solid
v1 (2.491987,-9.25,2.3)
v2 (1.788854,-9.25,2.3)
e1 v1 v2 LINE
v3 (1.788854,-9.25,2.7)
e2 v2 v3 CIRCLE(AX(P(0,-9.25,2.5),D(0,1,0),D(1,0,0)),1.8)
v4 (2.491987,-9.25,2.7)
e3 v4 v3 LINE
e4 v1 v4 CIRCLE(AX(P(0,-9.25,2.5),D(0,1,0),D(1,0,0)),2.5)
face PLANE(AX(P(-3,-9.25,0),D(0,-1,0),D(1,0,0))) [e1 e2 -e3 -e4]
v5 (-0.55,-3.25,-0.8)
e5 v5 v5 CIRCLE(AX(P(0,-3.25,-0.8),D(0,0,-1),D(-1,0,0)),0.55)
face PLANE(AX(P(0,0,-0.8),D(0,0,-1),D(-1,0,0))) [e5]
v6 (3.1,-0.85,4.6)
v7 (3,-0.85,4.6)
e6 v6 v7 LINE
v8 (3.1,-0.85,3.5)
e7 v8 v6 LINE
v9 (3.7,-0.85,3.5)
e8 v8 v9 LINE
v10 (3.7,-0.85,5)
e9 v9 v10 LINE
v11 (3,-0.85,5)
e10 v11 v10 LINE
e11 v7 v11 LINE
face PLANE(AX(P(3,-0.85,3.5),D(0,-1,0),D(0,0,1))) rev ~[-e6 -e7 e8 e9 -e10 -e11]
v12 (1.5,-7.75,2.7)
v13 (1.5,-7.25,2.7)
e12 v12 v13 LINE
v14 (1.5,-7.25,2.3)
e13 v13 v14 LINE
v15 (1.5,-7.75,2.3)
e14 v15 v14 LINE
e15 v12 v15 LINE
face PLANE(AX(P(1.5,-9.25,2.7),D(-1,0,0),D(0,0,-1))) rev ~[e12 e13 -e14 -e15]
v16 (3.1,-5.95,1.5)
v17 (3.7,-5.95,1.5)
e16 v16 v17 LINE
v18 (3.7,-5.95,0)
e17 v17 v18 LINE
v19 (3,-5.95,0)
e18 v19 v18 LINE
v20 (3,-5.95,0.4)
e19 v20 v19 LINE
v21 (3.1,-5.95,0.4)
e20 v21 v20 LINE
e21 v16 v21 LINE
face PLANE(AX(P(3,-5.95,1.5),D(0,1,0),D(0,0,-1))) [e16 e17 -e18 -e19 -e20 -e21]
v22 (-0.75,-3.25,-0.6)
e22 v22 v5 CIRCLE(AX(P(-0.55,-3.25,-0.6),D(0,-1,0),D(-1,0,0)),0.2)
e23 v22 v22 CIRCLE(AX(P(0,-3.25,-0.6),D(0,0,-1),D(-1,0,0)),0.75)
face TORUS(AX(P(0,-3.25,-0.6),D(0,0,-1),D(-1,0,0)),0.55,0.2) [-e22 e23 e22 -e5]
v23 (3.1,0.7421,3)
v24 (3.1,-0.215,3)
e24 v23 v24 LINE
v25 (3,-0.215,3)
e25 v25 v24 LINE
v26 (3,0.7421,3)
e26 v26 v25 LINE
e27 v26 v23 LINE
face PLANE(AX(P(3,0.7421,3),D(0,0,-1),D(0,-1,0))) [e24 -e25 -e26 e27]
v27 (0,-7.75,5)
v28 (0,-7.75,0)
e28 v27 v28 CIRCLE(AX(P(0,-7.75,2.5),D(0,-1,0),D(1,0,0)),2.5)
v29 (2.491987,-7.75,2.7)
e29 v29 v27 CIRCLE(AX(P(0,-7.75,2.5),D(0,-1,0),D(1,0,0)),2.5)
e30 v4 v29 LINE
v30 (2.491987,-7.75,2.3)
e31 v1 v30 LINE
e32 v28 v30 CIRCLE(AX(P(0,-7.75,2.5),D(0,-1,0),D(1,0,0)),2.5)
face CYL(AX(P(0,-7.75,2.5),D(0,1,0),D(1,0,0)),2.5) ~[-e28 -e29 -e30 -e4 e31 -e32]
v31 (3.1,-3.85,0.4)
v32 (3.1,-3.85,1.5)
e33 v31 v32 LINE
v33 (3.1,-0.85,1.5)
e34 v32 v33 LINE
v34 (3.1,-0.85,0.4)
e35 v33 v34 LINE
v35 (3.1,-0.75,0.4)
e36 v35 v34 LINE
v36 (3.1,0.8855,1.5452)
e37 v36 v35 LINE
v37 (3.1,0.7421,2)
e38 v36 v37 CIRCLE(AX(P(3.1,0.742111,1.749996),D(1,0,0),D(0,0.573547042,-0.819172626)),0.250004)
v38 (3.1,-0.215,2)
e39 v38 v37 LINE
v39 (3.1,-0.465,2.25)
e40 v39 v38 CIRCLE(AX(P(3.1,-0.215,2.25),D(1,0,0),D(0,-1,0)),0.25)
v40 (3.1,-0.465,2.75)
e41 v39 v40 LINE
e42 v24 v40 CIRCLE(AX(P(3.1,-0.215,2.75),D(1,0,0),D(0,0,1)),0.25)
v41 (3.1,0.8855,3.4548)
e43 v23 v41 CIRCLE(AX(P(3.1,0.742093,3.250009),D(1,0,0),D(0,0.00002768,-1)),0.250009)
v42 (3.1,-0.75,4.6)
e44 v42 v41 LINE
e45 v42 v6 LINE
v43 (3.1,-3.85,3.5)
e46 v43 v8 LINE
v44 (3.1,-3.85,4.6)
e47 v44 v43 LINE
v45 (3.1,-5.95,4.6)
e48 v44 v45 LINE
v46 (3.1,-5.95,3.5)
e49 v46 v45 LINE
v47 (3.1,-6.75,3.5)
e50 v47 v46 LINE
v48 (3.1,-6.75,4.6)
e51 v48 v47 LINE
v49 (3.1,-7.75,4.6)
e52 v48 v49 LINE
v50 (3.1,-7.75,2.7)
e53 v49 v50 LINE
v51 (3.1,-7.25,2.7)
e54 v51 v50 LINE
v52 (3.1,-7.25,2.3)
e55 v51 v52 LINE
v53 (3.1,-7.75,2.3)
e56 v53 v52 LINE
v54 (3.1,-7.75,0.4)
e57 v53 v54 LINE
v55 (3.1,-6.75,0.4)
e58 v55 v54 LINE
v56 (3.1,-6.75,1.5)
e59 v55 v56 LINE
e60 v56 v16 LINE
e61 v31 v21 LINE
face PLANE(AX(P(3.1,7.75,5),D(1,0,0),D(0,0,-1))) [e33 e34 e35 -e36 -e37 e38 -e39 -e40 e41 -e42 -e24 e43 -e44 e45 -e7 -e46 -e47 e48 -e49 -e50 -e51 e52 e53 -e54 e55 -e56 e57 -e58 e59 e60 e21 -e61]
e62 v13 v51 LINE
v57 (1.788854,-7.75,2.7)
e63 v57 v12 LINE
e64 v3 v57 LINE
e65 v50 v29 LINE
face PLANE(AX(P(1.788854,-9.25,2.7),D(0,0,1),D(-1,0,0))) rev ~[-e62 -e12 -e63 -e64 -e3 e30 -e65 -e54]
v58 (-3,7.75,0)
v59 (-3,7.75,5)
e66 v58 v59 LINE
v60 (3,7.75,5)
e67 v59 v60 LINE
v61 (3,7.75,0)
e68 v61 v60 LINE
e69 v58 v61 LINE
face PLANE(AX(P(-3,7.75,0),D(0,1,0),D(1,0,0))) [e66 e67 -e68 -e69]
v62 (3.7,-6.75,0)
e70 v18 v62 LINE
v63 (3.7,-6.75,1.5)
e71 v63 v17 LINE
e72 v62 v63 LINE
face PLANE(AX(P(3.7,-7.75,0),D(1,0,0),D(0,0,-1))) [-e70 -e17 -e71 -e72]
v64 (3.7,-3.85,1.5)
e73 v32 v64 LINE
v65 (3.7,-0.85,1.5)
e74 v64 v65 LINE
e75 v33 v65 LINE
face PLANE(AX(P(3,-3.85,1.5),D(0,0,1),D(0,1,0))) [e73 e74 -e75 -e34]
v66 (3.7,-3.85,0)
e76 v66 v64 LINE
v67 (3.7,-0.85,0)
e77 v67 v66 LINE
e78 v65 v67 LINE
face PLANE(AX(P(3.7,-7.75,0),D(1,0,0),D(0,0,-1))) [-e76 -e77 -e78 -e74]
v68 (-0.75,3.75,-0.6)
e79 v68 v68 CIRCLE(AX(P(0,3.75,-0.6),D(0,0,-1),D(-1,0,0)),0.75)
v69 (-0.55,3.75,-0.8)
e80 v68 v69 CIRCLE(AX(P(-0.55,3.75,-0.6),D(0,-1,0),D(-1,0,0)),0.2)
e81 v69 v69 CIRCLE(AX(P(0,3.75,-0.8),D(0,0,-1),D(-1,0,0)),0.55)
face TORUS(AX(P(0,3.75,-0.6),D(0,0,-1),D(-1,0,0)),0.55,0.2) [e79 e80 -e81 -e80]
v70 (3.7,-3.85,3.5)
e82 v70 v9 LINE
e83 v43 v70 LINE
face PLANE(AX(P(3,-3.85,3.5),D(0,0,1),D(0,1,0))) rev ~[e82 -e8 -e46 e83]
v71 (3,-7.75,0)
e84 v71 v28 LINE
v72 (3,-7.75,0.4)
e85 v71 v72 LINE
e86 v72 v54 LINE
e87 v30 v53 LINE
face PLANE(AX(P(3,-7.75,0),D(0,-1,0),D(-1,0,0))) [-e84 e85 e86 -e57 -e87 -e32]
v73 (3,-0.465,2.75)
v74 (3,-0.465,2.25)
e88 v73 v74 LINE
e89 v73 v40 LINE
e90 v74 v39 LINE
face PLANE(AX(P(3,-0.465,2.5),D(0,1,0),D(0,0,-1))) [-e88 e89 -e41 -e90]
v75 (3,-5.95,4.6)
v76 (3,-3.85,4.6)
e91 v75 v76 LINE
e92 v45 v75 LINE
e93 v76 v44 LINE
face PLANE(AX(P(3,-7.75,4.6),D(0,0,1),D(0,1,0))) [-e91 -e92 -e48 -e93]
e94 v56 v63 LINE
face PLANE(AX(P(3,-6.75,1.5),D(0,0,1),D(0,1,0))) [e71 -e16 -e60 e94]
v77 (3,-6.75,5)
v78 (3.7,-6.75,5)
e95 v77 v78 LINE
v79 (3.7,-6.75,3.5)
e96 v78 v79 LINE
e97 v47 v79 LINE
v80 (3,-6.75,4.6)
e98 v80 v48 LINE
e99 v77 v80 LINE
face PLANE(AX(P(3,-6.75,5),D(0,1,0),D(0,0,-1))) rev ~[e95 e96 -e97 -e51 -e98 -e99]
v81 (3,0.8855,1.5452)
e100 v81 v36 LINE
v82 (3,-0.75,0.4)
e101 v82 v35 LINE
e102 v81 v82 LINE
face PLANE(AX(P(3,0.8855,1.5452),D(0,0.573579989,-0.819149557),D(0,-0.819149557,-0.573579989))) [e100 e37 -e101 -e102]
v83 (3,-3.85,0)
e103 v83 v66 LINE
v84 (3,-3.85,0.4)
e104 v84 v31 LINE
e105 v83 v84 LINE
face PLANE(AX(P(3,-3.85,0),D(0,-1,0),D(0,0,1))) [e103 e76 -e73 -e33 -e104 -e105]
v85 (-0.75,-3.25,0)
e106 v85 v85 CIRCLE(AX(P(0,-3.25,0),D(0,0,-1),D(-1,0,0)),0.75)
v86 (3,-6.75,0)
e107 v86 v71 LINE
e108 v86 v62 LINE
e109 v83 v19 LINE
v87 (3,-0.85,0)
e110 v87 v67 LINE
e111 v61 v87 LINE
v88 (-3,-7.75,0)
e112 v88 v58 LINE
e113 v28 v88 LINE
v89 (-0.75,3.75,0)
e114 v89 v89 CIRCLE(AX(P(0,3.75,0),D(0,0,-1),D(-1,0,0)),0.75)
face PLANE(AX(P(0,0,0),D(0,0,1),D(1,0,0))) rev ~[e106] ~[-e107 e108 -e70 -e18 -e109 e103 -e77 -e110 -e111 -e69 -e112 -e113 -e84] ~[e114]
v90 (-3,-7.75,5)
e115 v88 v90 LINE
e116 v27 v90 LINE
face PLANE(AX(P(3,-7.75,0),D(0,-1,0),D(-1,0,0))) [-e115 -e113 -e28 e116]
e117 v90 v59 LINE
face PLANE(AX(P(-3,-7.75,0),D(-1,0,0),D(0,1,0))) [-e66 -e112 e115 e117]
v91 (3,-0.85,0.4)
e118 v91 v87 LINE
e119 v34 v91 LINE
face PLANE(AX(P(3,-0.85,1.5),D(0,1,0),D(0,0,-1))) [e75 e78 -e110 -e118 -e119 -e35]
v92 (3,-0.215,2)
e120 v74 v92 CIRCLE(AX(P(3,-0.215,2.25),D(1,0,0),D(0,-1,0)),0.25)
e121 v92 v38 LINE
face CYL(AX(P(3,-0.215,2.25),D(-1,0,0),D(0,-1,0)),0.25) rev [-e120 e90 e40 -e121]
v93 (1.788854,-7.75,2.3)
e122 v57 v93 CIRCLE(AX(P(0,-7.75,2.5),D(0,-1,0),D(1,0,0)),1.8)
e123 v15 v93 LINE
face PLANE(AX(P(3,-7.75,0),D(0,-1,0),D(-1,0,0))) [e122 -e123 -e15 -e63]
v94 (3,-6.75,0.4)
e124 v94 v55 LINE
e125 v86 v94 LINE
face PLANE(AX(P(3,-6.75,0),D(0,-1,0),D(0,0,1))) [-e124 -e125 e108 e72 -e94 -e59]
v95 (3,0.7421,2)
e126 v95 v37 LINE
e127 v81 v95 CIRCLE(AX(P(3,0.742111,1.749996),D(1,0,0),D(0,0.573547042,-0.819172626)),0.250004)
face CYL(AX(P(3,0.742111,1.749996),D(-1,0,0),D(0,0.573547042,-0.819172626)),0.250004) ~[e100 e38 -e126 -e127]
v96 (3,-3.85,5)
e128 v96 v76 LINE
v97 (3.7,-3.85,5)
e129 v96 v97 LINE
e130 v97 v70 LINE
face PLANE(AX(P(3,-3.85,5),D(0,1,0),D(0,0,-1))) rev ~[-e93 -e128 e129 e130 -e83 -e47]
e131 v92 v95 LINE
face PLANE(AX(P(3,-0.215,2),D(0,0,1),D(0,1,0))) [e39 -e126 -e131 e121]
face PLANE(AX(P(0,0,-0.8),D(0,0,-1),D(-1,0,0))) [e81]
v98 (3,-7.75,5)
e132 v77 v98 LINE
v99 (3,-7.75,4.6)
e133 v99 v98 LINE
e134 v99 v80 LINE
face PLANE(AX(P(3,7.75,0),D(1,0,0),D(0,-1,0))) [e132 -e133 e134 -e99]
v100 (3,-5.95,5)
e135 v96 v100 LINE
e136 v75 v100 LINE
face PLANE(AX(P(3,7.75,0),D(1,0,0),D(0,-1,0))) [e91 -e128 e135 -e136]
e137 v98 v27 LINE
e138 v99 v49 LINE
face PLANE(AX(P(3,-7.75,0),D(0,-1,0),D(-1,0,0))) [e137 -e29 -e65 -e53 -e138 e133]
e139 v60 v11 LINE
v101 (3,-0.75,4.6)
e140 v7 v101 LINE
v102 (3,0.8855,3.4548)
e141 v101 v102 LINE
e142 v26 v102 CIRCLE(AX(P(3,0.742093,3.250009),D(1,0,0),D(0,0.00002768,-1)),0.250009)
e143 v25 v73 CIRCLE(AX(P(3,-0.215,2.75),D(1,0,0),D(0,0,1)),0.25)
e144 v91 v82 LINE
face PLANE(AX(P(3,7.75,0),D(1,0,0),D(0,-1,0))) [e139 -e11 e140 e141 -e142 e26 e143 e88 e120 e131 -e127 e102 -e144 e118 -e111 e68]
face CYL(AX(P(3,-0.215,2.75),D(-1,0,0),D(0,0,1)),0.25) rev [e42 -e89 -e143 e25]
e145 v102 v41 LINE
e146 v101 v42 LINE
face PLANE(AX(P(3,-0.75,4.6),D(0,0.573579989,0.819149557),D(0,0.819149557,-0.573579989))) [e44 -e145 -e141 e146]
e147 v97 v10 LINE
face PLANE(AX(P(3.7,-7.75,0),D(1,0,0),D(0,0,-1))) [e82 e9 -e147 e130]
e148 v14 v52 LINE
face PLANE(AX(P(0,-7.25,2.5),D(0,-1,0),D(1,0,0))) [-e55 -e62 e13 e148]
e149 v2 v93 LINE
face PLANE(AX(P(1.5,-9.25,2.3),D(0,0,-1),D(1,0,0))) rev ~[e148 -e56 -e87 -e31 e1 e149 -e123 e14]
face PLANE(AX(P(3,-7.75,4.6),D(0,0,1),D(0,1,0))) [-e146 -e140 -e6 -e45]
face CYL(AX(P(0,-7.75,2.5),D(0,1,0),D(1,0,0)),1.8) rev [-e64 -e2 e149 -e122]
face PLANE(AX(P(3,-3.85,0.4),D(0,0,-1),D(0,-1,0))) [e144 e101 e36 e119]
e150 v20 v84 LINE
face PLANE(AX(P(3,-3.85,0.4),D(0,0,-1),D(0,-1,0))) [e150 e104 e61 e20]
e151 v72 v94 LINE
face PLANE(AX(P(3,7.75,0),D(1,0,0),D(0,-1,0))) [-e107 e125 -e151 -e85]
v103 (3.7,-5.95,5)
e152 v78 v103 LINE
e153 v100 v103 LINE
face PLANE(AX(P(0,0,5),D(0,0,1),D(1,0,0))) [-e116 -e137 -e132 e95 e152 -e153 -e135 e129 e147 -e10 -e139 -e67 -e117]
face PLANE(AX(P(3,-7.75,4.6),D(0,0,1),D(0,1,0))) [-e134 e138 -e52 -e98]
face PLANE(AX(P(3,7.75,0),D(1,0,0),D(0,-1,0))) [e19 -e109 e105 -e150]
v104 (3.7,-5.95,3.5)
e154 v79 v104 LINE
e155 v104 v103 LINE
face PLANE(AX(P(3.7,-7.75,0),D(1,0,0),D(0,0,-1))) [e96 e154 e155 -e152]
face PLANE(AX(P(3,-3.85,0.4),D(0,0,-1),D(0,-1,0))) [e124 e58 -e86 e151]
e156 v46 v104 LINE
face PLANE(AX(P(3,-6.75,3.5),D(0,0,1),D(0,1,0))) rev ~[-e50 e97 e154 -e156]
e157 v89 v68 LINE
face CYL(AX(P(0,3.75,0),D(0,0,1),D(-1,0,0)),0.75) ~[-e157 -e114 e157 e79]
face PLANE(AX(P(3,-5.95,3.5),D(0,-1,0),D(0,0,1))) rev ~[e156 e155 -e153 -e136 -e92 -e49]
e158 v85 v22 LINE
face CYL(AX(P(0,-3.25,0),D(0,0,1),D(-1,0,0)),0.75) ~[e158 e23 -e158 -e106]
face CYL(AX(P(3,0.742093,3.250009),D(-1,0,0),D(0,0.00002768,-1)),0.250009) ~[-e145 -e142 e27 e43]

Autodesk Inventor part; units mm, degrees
ref_plane "YZ Plane" through (0, 0, 0) normal (1, 0, 0) x (0, 1, 0)
ref_plane "XZ Plane" through (0, 0, 0) normal (0, 1, 0) x (-1, 0, 0)
ref_plane "XY Plane" through (0, 0, 0) normal (0, 0, 1) x (1, 0, 0)
sketch "Sketch1" plane through (0, 0, 0) normal (0, 0, 1) x (1, 0, 0)
  line L0 (3, -7.75) -> (-3, -7.75)
  line L1 (-3, -7.75) -> (-3, 7.75)
  line L2 (-3, 7.75) -> (3, 7.75)
  line L3 (3, 7.75) -> (3, -7.75)
  line L4 (3, -7.75) -> (-3, 7.75) construction
  line L5 (-3, -7.75) -> (3, 7.75) construction
  point P0 (0, 0)
  dimension "d0" = 6
  dimension "d1" = 15.5
extrude "Extrusion1" add sketch "Sketch1" along normal blind 5
sketch "Sketch2" plane through (-3, -7.75, 0) normal (0, -1, 0) x (1, 0, 0)
  line L0 (6, 0) -> (0, 0) projected
  line L1 (6, 0) -> (6, 5) projected
  line L2 (0, 5) -> (6, 5) projected
  line L3 (0, 0) -> (0, 5) projected
  line L4 (6, 0) -> (0, 0) projected
  line L5 (0, 0) -> (6, 5)
  circle A0 centre (3, 2.5) radius 2.5
  circle A1 centre (3, 2.5) radius 1.8
  point P0 (3, 0)
  dimension "d4" = 5
  dimension "d5" = 3.6
extrude "Extrusion2" add sketch "Sketch2" along normal blind 1.5 contours A0 L5 A1 | A0 L5 A1
sketch "Sketch3" plane through (0, 0, 0) normal (0, 0, -1) x (-1, 0, 0)
  line L0 (-3, -7.75) -> (0, -7.75) projected
  line L1 (0, -7.75) -> (3, -7.75) projected
  line L2 (3, -7.75) -> (3, 7.75) projected
  line L3 (3, 7.75) -> (-3, 7.75) projected
  line L4 (-3, 7.75) -> (-3, -7.75) projected
  circle A0 centre (0, -3.25) radius 0.75
  circle A1 centre (0, 3.75) radius 0.75
  point P0 (0, 0)
  dimension "d8" = 1.5
  dimension "d9" = 1.5
  dimension "d10" = 4.5
  dimension "d11" = 7
extrude "Extrusion3" add sketch "Sketch3" along normal blind 0.8 contours A0 | A1
fillet "Fillet1" radius 0.2 2 edges at (0.75, -3.25, -0.8) (0.75, 3.75, -0.8)
sketch "Sketch4" plane through (3, -7.75, 0) normal (1, 0, 0) x (0, 0, -1)
  line L0 (0, 15.5) -> (0, 0) projected
  line L1 (0, 15.5) -> (-5, 15.5) projected
  line L2 (-5, 0) -> (-5, 15.5) projected
  line L3 (0, 0) -> (-5, 0) projected
  line L4 (-5, 15.5) -> (-5, 0) projected
  line L5 (-5, 1) -> (-3.5, 1)
  line L6 (-3.5, 1) -> (-3.5, 1.8)
  line L7 (-3.5, 1.8) -> (-5, 1.8)
  line L8 (-5, 1.8) -> (-5, 1)
  line L9 (0, 1) -> (-1.5, 1)
  line L10 (-1.5, 1) -> (-1.5, 1.8)
  line L11 (-1.5, 1.8) -> (0, 1.8)
  line L12 (0, 1.8) -> (0, 1)
  line L13 (-5, 3.9) -> (-3.5, 3.9)
  line L14 (-3.5, 3.9) -> (-3.5, 6.9)
  line L15 (-3.5, 6.9) -> (-5, 6.9)
  line L16 (-5, 6.9) -> (-5, 3.9)
  line L17 (0, 3.9) -> (-1.5, 3.9)
  line L18 (-1.5, 3.9) -> (-1.5, 6.9)
  line L19 (-1.5, 6.9) -> (0, 6.9)
  line L20 (0, 6.9) -> (0, 3.9)
  point P0 (0, 7.75)
  dimension "d15" = 1
  dimension "d16" = 0.8
  dimension "d17" = 1.5
  dimension "d18" = 1.5
  dimension "d19" = 1.5
  dimension "d20" = 1.5
  dimension "d21" = 3.9
  dimension "d22" = 3
extrude "Extrusion4" add sketch "Sketch4" along normal blind 0.7 contours L0 L17 L18 L19 | L15 L14 L13 L2 | L0 L9 L10 L11 | L7 L6 L5 L2
sketch "Sketch5" plane through (3, 7.75, 5) normal (1, 0, 0) x (0, 0, -1)
  line L0 (3.5, -8.6) -> (5, -8.6) projected
  line L1 (5, 0) -> (5, -8.6) projected
  line L2 (5, 0) -> (0, 0) projected
  line L3 (0, -8.6) -> (0, 0) projected
  line L4 (0, -8.6) -> (1.5, -8.6) projected
  line L5 (1.5, -8.6) -> (1.5, -11.6) projected
  line L6 (1.5, -11.6) -> (0, -11.6) projected
  line L7 (0, -13.7) -> (0, -11.6) projected
  line L8 (0, -13.7) -> (1.5, -13.7) projected
  line L9 (1.5, -13.7) -> (1.5, -14.5) projected
  line L10 (1.5, -14.5) -> (0, -14.5) projected
  line L11 (0, -15.5) -> (0, -14.5) projected
  line L12 (5, -15.5) -> (0, -15.5) projected
  line L13 (5, -14.5) -> (5, -15.5) projected
  line L14 (5, -14.5) -> (3.5, -14.5) projected
  line L15 (3.5, -14.5) -> (3.5, -13.7) projected
  line L16 (3.5, -13.7) -> (5, -13.7) projected
  line L17 (5, -11.6) -> (5, -13.7) projected
  line L18 (5, -11.6) -> (3.5, -11.6) projected
  line L19 (3.5, -11.6) -> (3.5, -8.6) projected
  line L20 (0.4, -15.5) -> (0.4, -8.5)
  line L21 (0, -8.6) -> (1.5, -8.6) projected
  line L22 (0.4, -8.5) -> (1.5452, -6.8645)
  line L23 (2, -7.0079) -> (2, -7.965)
  line L24 (2.25, -8.215) -> (2.75, -8.215)
  line L25 (3, -7.965) -> (3, -7.0079)
  line L26 (3.4548, -6.8645) -> (4.6, -8.5)
  line L27 (4.6, -8.5) -> (4.6, -15.5)
  line L28 (5, -15.5) -> (0, -15.5) projected
  line L29 (2.5, -15.5) -> (2.5, 0)
  line L30 (5, 0) -> (0, 0) projected
  arc A0 (3.4548, -6.8645) -> (3, -7.0079) centre (3.25, -7.0079) ccw
  arc A1 (2, -7.0079) -> (1.5452, -6.8645) centre (1.75, -7.0079) ccw
  arc A2 (2, -7.965) -> (2.25, -8.215) centre (2.25, -7.965) ccw
  arc A3 (2.75, -8.215) -> (3, -7.965) centre (2.75, -7.965) ccw
  point P0 (5, -7.75)
  point P1 (2, -8.215)
  point P2 (3, -8.215)
  point P3 (3, -6.215)
  point P4 (2.5, -8.215)
  dimension "d25" = 0.4
  dimension "d26" = 0.4
  dimension "d27" = 145
  dimension "d28" = 145
  dimension "d29" = 1
  dimension "d30" = 7
  dimension "d31" = 7
  dimension "d32" = 2
  dimension "d33" = 0.25
extrude "Extrusion5" add sketch "Sketch5" along normal blind 0.1 contours L19 L18 L27 L16 L15 L14 L12 L29 L24 A3 L25 A0 L26 L0 | L0 L27 L18 L19 | L27 L14 L15 L16 | L29 L12 L20 L10 L9 L8 L6 L5 L4 L22 A1 L23 A2 L24 | L4 L5 L6 L20 | L20 L8 L9 L10
sketch "Sketch6" plane through (0, -9.25, 2.5) normal (0, -1, 0) x (1, 0, 0)
  circle A0 centre (0, 0) radius 1.8 projected
  circle A1 centre (0, 0) radius 2.5 projected
  line L0 (1.5, -0.2) -> (3.5, -0.2)
  line L1 (3.5, -0.2) -> (3.5, 0.2)
  line L2 (3.5, 0.2) -> (1.5, 0.2)
  line L3 (1.5, 0.2) -> (1.5, -0.2)
  line L4 (1.5, -0.2) -> (3.5, 0.2) construction
  line L5 (3.5, -0.2) -> (1.5, 0.2) construction
  point P0 (0, -2.5)
  point P1 (2.5, 0)
  dimension "d36" = 2
  dimension "d37" = 0.4
extrude "Extrusion6" cut sketch "Sketch6" against normal blind 2 contours A0 L0 L3 L2 | A0 L2 A1 L0 | L2 L1 L0 A1 picked at (1.6, 0) picked at (2.0301, 0.1112)
equation "\"d18\" = d17"
equation "\"d19\" = d17"
equation "\"d20\" = d18"
equation "\"d26\" = d25"
equation "\"d31\" = d30"
properties part number "SJ-4351X-SMT" material "ABS Plastic"
